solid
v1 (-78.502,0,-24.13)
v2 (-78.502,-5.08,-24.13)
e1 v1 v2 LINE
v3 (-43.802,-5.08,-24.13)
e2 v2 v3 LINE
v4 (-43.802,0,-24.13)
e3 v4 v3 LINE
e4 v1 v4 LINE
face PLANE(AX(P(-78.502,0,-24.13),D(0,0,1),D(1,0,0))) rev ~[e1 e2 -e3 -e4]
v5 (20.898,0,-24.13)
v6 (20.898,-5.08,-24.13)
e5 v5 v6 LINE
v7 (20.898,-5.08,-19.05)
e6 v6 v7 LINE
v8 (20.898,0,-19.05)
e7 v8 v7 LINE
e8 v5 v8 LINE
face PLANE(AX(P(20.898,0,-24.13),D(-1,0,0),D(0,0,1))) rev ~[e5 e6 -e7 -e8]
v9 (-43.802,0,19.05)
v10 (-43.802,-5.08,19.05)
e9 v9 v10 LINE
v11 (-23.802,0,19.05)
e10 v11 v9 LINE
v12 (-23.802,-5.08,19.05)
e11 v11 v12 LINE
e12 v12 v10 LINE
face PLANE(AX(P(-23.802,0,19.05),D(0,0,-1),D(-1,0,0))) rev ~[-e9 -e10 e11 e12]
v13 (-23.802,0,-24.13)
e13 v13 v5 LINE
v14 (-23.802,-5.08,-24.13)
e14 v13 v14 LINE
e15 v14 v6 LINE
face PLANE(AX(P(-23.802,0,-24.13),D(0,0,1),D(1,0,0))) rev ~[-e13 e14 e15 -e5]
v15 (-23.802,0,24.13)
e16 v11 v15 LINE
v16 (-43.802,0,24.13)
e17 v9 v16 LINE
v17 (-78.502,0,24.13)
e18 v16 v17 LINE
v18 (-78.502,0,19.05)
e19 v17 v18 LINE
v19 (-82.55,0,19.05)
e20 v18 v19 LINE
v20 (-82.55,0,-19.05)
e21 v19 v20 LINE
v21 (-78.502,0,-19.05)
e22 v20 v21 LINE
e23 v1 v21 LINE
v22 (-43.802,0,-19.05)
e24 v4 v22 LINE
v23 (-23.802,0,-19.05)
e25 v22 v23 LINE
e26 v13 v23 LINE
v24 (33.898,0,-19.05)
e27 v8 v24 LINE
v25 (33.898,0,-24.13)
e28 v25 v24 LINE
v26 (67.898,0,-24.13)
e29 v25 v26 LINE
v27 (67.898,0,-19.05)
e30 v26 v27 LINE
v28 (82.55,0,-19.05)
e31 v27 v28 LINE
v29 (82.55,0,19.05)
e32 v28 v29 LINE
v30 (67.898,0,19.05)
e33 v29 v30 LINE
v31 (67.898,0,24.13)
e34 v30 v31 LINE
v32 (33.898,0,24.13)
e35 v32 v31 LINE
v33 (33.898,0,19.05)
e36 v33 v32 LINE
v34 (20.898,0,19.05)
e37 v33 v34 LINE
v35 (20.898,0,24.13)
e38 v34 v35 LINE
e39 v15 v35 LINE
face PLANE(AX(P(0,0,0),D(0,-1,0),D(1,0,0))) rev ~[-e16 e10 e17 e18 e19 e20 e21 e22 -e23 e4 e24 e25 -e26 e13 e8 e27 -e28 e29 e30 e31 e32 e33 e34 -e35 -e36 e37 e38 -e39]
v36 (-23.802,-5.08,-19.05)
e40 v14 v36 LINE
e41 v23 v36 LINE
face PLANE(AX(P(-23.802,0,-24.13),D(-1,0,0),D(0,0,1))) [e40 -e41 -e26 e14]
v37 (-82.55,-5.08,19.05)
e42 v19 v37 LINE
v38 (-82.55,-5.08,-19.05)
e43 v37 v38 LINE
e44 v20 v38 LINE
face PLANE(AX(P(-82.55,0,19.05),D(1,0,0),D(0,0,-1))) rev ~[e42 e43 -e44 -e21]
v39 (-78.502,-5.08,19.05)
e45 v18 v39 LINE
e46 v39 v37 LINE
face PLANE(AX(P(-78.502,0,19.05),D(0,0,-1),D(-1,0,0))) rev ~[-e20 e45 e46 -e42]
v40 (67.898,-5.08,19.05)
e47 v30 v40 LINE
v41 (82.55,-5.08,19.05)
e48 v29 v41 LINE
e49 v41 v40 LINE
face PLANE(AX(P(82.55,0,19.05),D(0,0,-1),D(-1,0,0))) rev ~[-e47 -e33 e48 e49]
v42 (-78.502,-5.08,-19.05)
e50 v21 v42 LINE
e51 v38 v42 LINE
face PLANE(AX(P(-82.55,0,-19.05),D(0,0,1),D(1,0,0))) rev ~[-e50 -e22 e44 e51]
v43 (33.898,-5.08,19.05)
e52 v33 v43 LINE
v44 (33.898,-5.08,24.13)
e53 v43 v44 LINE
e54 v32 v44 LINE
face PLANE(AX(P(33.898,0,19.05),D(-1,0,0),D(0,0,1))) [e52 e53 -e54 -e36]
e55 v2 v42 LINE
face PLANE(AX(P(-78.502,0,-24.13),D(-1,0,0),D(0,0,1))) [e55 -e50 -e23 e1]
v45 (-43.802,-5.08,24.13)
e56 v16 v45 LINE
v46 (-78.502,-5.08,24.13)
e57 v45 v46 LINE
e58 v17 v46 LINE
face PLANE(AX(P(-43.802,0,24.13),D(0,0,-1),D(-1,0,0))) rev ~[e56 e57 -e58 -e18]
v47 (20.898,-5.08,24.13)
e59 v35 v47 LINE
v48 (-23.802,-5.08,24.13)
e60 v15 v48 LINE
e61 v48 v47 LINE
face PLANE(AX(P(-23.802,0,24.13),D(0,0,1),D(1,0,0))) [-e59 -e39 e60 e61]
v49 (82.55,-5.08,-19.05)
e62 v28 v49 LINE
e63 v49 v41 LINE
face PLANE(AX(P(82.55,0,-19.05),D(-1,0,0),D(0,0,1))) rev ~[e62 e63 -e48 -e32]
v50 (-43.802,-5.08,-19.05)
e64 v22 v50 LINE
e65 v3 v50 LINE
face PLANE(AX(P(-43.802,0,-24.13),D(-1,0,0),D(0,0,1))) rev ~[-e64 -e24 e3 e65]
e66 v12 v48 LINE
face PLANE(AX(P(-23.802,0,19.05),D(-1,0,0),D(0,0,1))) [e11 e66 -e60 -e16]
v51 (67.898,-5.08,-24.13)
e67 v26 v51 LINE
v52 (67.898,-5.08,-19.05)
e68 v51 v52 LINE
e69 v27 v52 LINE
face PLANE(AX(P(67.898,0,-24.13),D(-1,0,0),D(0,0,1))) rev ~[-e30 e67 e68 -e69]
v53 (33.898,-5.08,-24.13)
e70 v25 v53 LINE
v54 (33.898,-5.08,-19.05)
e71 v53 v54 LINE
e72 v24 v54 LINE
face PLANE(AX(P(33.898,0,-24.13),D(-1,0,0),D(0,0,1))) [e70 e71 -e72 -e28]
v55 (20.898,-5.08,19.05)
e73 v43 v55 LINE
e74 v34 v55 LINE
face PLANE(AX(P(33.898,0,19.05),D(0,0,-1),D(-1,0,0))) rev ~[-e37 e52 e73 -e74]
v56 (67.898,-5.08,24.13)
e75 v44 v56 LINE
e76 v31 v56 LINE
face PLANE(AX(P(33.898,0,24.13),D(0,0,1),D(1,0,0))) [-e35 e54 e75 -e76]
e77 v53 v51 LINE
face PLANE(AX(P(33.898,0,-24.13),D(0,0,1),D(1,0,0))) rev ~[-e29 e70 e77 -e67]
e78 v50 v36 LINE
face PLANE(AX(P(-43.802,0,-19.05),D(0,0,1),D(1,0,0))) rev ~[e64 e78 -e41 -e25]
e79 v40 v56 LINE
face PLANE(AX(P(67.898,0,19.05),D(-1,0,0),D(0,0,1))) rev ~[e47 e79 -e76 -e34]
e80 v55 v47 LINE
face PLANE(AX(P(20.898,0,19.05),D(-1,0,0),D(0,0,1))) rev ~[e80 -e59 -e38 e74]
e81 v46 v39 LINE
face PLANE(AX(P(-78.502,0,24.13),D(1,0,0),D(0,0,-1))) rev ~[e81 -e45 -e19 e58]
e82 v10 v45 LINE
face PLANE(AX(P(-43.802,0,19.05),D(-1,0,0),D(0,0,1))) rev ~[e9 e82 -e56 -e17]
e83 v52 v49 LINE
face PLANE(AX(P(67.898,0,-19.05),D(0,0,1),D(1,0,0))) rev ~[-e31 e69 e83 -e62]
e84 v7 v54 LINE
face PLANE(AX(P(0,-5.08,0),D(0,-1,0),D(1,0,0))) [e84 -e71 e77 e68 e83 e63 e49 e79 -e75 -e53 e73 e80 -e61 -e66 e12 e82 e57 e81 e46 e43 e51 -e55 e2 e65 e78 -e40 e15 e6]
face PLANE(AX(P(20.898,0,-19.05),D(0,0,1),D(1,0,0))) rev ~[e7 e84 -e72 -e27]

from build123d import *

# Parameters (mm, degrees)
F0_W     = 44.7
F0_H     = 5.08
F0_W_2   = 34
F0_W_3   = 34.7
F1_DEPTH = 5.08


with BuildPart() as f1:
    # F0 (on Front) → F1 (new body)
    with BuildSketch(Plane.XZ):
        Polygon((67.898, -19.05), (82.55, -19.05), (82.55, 19.05), (67.898, 19.05), (33.898, 19.05), (20.898, 19.05), (-23.802, 19.05), (-43.802, 19.05), (-60.55, 19.05), (-78.502, 19.05), (-82.55, 19.05), (-82.55, -19.05), (-78.502, -19.05), (-43.802, -19.05), (-23.802, -19.05), (20.898, -19.05), (33.898, -19.05), align=None)
        Polygon((-60.55, 19.05), (-43.802, 19.05), (-43.802, 24.13), (-78.502, 24.13), (-78.502, 19.05), align=None)
        with Locations((-1.452, 21.59)):
            Rectangle(F0_W, F0_H)
        with Locations((50.898, 21.59)):
            Rectangle(F0_W_2, F0_H)
        with Locations((-61.152, -21.59)):
            Rectangle(F0_W_3, F0_H)
        with Locations((-1.452, -21.59)):
            Rectangle(F0_W, F0_H)
        with Locations((50.898, -21.59)):
            Rectangle(F0_W_2, F0_H)
    extrude(amount=F1_DEPTH)


solid = f1.part
